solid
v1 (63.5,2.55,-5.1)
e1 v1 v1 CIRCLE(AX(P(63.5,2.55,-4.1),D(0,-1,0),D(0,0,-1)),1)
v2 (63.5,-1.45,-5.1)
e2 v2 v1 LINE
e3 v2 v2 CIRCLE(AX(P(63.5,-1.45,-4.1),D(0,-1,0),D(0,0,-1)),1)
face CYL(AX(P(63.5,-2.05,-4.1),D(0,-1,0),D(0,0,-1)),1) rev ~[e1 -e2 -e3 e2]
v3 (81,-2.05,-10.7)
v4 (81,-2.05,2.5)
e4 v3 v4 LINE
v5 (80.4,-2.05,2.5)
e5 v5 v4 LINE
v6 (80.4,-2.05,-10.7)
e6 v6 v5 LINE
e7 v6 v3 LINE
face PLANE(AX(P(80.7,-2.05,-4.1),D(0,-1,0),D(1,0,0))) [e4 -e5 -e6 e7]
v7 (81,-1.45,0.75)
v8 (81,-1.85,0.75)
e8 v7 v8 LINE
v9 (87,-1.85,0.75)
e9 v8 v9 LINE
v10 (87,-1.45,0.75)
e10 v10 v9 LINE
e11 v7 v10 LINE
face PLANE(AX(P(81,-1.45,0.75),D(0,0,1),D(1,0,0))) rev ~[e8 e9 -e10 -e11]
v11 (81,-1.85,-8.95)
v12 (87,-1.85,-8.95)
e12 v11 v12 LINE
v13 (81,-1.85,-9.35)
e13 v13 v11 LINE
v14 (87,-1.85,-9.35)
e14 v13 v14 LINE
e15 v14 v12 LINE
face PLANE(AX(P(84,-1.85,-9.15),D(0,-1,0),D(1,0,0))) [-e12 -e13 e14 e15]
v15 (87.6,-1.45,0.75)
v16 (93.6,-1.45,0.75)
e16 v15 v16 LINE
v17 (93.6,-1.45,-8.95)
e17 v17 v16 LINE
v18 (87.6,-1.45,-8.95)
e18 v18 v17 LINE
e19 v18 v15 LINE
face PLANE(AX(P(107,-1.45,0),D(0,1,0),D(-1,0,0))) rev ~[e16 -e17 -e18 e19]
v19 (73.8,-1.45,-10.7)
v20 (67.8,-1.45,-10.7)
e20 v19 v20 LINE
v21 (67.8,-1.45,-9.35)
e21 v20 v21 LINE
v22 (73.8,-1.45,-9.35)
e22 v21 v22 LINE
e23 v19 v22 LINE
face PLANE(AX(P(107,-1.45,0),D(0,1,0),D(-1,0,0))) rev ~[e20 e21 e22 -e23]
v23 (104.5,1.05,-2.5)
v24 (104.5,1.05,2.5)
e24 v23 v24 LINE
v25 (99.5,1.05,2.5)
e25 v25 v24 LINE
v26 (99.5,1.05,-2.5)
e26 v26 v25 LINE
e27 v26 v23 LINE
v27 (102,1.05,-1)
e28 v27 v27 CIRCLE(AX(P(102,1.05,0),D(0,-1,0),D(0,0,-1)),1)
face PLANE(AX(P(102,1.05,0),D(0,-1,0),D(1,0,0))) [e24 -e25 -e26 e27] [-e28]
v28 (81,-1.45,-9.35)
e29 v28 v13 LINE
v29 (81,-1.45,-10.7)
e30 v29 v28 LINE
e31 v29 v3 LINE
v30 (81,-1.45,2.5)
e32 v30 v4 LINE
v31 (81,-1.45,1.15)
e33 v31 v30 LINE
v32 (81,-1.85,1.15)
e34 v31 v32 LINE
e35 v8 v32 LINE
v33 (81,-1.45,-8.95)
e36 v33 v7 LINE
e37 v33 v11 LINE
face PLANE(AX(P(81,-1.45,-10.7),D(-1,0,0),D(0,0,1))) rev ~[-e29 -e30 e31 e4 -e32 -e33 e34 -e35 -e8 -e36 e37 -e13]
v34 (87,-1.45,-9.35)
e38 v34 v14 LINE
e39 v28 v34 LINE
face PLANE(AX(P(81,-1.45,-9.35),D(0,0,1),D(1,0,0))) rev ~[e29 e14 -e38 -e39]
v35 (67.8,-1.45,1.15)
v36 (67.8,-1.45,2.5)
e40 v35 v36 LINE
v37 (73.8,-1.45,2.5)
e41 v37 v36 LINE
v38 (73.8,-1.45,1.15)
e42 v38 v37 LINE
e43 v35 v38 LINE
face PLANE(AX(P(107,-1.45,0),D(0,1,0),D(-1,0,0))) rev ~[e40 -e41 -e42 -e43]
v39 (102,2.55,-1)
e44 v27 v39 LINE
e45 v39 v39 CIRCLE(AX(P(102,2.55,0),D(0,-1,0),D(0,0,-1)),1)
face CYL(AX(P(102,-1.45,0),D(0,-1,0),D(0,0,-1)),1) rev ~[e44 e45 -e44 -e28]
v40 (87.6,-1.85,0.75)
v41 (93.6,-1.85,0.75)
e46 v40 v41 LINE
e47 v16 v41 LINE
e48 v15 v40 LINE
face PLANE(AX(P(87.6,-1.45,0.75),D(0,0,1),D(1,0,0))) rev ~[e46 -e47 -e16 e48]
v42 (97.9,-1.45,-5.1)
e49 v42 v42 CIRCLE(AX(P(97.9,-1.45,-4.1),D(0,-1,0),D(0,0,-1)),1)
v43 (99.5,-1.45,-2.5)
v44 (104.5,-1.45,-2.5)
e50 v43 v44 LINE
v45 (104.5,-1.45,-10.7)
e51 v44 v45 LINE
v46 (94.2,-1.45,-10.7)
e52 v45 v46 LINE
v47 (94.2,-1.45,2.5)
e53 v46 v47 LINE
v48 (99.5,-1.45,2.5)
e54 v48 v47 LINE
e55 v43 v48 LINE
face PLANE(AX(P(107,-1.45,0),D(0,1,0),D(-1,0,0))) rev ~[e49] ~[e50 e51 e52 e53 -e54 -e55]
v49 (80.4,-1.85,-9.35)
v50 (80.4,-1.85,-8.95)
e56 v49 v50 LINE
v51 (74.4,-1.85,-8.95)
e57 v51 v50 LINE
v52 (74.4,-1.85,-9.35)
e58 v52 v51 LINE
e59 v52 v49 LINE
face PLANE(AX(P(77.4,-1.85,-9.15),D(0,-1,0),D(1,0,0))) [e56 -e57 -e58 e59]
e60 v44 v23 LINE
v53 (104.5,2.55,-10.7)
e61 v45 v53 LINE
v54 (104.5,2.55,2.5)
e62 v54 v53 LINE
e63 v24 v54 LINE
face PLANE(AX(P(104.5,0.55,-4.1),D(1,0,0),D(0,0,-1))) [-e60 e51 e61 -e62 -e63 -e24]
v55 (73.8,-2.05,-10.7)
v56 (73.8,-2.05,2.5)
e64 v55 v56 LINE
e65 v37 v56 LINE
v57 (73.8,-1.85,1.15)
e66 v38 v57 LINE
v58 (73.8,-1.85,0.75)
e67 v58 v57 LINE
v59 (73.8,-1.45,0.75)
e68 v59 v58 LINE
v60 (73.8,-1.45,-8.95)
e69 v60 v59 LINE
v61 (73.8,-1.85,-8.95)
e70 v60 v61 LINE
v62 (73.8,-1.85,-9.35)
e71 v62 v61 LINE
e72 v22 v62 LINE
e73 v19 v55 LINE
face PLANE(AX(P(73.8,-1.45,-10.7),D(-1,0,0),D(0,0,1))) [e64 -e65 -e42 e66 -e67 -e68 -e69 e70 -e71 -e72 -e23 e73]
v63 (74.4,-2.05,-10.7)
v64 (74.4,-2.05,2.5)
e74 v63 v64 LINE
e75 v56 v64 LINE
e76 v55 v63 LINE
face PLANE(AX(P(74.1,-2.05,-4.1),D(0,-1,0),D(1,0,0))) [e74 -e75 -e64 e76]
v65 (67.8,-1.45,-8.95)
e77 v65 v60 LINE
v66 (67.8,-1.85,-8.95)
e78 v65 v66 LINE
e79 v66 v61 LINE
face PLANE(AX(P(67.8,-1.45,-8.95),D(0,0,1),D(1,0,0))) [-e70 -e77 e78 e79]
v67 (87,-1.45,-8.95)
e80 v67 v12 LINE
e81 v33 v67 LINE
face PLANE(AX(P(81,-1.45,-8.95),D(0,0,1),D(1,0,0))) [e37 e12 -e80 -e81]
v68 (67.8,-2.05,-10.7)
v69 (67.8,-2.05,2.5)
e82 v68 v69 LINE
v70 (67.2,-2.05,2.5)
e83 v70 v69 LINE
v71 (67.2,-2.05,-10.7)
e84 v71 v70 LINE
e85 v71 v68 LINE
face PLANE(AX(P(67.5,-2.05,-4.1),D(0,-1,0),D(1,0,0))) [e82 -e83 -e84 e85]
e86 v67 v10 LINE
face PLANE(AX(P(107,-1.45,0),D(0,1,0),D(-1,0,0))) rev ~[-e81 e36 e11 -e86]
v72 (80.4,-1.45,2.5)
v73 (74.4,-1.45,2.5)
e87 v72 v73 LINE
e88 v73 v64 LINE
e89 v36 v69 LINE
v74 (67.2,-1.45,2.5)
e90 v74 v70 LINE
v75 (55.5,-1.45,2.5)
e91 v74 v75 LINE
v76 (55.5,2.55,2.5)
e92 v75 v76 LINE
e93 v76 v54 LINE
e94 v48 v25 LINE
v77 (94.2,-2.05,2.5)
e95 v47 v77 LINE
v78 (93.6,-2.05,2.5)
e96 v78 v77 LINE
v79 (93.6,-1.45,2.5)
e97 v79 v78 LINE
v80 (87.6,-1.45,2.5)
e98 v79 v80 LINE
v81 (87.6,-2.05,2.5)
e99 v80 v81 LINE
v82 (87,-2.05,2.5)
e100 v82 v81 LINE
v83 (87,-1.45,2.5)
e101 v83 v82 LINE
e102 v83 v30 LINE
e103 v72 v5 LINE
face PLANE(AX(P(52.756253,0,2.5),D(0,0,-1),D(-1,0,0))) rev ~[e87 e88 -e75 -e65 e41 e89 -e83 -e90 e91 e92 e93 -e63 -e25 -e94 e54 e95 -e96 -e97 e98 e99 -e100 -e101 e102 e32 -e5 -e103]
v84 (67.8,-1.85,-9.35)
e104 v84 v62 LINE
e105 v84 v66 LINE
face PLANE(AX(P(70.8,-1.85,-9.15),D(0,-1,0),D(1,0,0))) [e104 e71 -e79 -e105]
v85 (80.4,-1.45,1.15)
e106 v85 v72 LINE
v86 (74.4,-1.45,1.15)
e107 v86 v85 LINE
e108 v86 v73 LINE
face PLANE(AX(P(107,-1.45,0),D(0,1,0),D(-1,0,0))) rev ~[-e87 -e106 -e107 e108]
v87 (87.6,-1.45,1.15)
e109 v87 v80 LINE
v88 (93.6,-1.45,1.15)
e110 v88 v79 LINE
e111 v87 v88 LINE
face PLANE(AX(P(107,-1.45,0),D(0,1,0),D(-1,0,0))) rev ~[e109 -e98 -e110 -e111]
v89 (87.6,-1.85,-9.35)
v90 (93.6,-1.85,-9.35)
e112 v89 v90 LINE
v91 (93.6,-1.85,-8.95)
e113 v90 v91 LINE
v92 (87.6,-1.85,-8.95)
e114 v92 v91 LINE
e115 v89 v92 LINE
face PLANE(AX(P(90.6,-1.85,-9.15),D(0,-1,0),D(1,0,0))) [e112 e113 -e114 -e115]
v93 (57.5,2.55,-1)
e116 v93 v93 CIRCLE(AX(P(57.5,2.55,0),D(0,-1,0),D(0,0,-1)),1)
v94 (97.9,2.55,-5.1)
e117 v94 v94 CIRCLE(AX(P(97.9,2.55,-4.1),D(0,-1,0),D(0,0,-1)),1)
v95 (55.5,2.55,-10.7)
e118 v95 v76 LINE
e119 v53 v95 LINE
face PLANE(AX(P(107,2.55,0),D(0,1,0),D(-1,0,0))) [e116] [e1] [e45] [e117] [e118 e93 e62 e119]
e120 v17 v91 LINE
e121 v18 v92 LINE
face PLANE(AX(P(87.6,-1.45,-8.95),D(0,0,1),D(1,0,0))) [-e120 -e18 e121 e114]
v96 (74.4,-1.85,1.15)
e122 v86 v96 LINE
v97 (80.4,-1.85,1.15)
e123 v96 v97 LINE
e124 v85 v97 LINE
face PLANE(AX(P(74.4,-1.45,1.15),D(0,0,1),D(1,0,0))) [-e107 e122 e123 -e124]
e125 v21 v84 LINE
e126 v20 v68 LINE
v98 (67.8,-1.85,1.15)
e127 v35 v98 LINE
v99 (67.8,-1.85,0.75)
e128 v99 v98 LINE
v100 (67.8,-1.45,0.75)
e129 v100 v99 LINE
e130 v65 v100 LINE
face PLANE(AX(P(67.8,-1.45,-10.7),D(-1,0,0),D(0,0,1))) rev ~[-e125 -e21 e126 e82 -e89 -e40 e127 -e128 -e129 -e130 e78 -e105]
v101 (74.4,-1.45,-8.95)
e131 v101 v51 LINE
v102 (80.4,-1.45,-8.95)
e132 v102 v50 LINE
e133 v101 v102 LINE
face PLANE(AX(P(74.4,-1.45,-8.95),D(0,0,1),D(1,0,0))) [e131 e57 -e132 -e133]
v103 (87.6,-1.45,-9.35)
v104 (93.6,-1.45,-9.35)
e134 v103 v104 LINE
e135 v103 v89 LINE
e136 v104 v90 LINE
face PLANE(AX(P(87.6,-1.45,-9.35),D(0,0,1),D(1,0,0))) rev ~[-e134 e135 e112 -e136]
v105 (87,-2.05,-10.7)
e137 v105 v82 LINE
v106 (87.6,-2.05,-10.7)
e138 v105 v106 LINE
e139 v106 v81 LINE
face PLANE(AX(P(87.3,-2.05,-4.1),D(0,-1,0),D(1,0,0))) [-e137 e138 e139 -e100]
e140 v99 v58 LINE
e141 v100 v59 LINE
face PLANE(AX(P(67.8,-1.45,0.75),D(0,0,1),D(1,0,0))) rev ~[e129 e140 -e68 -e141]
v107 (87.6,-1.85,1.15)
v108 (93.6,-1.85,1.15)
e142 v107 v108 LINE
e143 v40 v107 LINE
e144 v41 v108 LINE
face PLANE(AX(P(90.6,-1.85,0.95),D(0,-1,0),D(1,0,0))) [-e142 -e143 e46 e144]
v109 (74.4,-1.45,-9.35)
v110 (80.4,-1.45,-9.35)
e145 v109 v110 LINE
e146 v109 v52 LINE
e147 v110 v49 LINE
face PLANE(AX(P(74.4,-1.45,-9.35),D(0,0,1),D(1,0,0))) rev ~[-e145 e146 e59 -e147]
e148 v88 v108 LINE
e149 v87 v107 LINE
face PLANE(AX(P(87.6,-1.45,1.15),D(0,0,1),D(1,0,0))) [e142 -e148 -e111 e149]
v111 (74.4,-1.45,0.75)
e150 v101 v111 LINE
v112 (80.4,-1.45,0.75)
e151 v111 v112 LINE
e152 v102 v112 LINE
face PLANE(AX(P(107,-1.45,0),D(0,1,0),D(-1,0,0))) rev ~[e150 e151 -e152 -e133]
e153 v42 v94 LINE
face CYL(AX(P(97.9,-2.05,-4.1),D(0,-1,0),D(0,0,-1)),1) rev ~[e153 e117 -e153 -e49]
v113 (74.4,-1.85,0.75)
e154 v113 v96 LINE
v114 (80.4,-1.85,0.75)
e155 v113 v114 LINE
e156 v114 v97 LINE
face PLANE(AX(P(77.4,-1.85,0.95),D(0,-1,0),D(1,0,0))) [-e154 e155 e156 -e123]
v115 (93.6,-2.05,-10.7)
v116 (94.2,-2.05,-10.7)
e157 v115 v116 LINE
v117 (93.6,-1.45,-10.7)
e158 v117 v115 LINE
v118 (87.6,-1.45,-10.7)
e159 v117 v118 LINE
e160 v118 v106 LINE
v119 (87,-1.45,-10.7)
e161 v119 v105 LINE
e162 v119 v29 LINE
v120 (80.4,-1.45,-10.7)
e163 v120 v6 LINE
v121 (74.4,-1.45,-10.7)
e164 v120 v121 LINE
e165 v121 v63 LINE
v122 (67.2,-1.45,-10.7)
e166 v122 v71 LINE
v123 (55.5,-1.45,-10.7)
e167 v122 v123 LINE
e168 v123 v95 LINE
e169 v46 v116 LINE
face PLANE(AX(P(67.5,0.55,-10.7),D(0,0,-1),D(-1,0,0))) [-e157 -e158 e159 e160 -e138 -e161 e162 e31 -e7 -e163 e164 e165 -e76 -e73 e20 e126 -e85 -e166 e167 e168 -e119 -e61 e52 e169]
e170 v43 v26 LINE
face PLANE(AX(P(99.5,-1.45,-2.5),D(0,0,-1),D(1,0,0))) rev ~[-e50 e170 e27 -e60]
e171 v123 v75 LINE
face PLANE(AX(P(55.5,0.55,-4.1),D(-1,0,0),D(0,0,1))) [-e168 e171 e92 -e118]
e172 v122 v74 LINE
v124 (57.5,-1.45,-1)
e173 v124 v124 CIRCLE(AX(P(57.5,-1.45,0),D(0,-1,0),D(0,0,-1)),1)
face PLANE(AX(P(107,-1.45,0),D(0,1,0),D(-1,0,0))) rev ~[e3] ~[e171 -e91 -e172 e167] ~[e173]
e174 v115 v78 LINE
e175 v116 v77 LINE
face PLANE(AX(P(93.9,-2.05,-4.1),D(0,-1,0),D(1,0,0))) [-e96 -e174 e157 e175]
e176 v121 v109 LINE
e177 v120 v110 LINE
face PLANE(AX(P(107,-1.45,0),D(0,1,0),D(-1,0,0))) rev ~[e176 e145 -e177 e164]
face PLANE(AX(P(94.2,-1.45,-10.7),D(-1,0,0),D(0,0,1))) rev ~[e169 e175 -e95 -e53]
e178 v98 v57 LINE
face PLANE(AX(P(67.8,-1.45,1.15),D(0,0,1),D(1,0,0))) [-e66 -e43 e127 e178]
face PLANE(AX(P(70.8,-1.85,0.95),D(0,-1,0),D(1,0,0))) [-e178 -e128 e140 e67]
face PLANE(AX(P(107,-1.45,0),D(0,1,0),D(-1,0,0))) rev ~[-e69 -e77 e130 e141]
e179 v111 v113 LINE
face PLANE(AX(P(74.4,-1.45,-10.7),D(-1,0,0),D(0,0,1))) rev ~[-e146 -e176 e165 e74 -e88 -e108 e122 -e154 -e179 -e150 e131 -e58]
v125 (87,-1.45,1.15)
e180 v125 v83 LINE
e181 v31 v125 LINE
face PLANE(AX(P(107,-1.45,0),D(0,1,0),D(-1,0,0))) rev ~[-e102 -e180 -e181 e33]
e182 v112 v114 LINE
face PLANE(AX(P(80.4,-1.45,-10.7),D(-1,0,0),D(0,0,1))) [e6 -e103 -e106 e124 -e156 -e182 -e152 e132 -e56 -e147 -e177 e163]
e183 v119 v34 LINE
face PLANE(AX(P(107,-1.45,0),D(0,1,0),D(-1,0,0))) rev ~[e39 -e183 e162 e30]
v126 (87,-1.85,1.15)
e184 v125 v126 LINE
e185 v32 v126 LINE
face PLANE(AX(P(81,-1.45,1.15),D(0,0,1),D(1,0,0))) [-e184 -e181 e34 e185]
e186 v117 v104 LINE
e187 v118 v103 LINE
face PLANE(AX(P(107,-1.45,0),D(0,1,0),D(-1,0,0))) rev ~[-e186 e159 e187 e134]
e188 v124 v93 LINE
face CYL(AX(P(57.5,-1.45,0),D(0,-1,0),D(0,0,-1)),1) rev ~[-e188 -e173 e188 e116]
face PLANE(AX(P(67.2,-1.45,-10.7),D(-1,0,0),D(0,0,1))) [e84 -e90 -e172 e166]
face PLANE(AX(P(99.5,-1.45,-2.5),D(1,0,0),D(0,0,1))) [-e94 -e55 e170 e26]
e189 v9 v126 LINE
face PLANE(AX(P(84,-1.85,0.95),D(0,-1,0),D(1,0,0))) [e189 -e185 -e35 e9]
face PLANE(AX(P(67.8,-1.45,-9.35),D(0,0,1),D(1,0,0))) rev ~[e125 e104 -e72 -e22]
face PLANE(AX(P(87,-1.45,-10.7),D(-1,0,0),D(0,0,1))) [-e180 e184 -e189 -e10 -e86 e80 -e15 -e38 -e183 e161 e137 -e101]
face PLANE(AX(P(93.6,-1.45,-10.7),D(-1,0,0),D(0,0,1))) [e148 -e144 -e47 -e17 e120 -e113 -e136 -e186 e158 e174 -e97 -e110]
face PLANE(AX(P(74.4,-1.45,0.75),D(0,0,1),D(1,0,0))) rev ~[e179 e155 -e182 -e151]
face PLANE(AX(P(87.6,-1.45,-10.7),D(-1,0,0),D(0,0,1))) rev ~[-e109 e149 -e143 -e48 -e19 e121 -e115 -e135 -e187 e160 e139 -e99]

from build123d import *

# Parameters (mm, degrees)
SKETCH_1_R           = 1.25
EXTRUDE_1_DEPTH      = 2.5
SKETCH_2_W           = 82
SKETCH_2_H           = 7
CUT_EXTRUDE_1_DEPTH  = 2.5
SKETCH_3_W           = 79
SKETCH_3_H           = 4
EXTRUDE_2_DEPTH      = 10.7
SKETCH_4_W           = 0.6
SKETCH_4_H           = 13.2
EXTRUDE_3_DEPTH      = 0.6
SKETCH_5_W           = 6
SKETCH_5_H           = 0.4
EXTRUDE_4_DEPTH      = 0.4
SKETCH_11_R          = 1
CUT_EXTRUDE_5_DEPTH  = 5
SKETCH_12_W          = 8
SKETCH_12_H          = 6.68793424
EXTRUDE_6_DEPTH      = 5.9
SKETCH_13_R          = 1
CUT_EXTRUDE_6_DEPTH  = 8
SKETCH_15_W          = 8
SKETCH_15_H          = 5.9
CUT_EXTRUDE_11_DEPTH = 5
CUT_EXTRUDE_12_DEPTH = 5
SKETCH_17_W          = 4.18793424
SKETCH_17_H          = 5.9
CUT_EXTRUDE_13_DEPTH = 15
SKETCH_18_W          = 13.2
SKETCH_18_H          = 4
CUT_EXTRUDE_14_DEPTH = 2.5
SKETCH_19_W          = 13.2
SKETCH_19_H          = 4
CUT_EXTRUDE_15_DEPTH = 2.5
SKETCH_21_R          = 1
CUT_EXTRUDE_16_DEPTH = 10
SKETCH_22_W          = 5
SKETCH_22_H          = 5
CUT_EXTRUDE_17_DEPTH = 2.5
SKETCH_23_W          = 13.2
SKETCH_23_H          = 4
CUT_EXTRUDE_18_DEPTH = 25
SKETCH_24_R          = 1
CUT_EXTRUDE_19_DEPTH = 25


with BuildPart() as part:
    # 스케치1 → 보스-돌출1 (new body)
    with BuildSketch(Plane.XY):
        with BuildLine():
            Line((0, 8.45), (110, 8.45))
            Line((110, 8.45), (110, -8.45))
            Line((110, -8.45), (0, -8.45))
            ThreePointArc((0, -8.45), (-8.45, 0), (0, 8.45))
        make_face()
        with Locations((-5.95, 0)):
            Circle(SKETCH_1_R, mode=Mode.SUBTRACT)
        with Locations((0, 5.95)):
            Circle(SKETCH_1_R, mode=Mode.SUBTRACT)
        with Locations((5.95, 0)):
            Circle(SKETCH_1_R, mode=Mode.SUBTRACT)
        with Locations((0, -5.95)):
            Circle(SKETCH_1_R, mode=Mode.SUBTRACT)
    extrude(amount=EXTRUDE_1_DEPTH)

    # 스케치2 → 컷-돌출1 (cut)
    with BuildSketch(Plane(origin=(0, 0, 0), x_dir=(-1, 0, 0), z_dir=(0, 0, -1))):
        with Locations((-69, -4.95)):
            Rectangle(SKETCH_2_W, SKETCH_2_H)
    extrude(amount=-CUT_EXTRUDE_1_DEPTH, mode=Mode.SUBTRACT)

    # 스케치3 → 보스-돌출2 (add)
    with BuildSketch(Plane(origin=(0, 0, 0), x_dir=(-1, 0, 0), z_dir=(0, 0, -1))):
        with Locations((-67.5, 0.55)):
            Rectangle(SKETCH_3_W, SKETCH_3_H)
    extrude(amount=EXTRUDE_2_DEPTH)

    # 스케치4 → 보스-돌출3 (add)
    with BuildSketch(Plane.XZ.offset(1.45)):
        with Locations((74.1, -4.1)):
            Rectangle(SKETCH_4_W, SKETCH_4_H)
        with Locations((67.5, -4.1)):
            Rectangle(SKETCH_4_W, SKETCH_4_H)
        with Locations((80.7, -4.1)):
            Rectangle(SKETCH_4_W, SKETCH_4_H)
        with Locations((87.3, -4.1)):
            Rectangle(SKETCH_4_W, SKETCH_4_H)
        with Locations((93.9, -4.1)):
            Rectangle(SKETCH_4_W, SKETCH_4_H)
    extrude(amount=EXTRUDE_3_DEPTH)

    # 스케치5 → 보스-돌출4 (add)
    with BuildSketch(Plane.XZ.offset(1.45)):
        with Locations((70.8, 0.95)):
            Rectangle(SKETCH_5_W, SKETCH_5_H)
        with Locations((70.8, -9.15)):
            Rectangle(SKETCH_5_W, SKETCH_5_H)
        with Locations((77.4, 0.95)):
            Rectangle(SKETCH_5_W, SKETCH_5_H)
        with Locations((77.4, -9.15)):
            Rectangle(SKETCH_5_W, SKETCH_5_H)
        with Locations((84, 0.95)):
            Rectangle(SKETCH_5_W, SKETCH_5_H)
        with Locations((84, -9.15)):
            Rectangle(SKETCH_5_W, SKETCH_5_H)
        with Locations((90.6, 0.95)):
            Rectangle(SKETCH_5_W, SKETCH_5_H)
        with Locations((90.6, -9.15)):
            Rectangle(SKETCH_5_W, SKETCH_5_H)
    extrude(amount=EXTRUDE_4_DEPTH)

    # 스케치11 → 컷-돌출5 (cut)
    with BuildSketch(Plane.XZ.offset(1.45)):
        with Locations(Location((102, 0, 0), (0, 0, 270))):
            Circle(SKETCH_11_R)
        with Locations(Location((33, 0, 0), (0, 0, 270))):
            Circle(SKETCH_11_R)
    extrude(amount=-CUT_EXTRUDE_5_DEPTH, mode=Mode.SUBTRACT)

    # 스케치12 → 보스-돌출6 (add)
    with BuildSketch(Plane(origin=(0, 2.55, 0), x_dir=(1, 0, 0), z_dir=(0, 1, 0))):
        with Locations((67.5, 3.34396712)):
            Rectangle(SKETCH_12_W, SKETCH_12_H)
    extrude(amount=EXTRUDE_6_DEPTH)

    # 스케치13 → 컷-돌출6 (cut)
    with BuildSketch(Plane(origin=(0, 0, -6.68793424), x_dir=(-1, 0, 0), z_dir=(0, 0, -1))):
        with Locations((-67.5, 4.55)):
            Circle(SKETCH_13_R)
    extrude(amount=-CUT_EXTRUDE_6_DEPTH, mode=Mode.SUBTRACT)

    # 스케치15 → 컷-돌출11 (cut)
    with BuildSketch(Plane.XY.offset(2.5)):
        with Locations((67.5, 5.5)):
            Rectangle(SKETCH_15_W, SKETCH_15_H)
    extrude(amount=-CUT_EXTRUDE_11_DEPTH, mode=Mode.SUBTRACT)

    # 스케치16 → 컷-돌출12 (cut)
    with BuildSketch(Plane(origin=(0, 0, 0), x_dir=(-1, 0, 0), z_dir=(0, 0, -1))):
        with BuildLine():
            Line((-28, -8.45), (0, -8.45))
            ThreePointArc((0, -8.45), (8.45, 0), (0, 8.45))
            Line((0, 8.45), (-63.5, 8.45))
            Line((-63.5, 8.45), (-63.5, 2.55))
            Line((-63.5, 2.55), (-28, 2.55))
            Line((-28, 2.55), (-28, -8.45))
        make_face()
        Polygon((-71.5, 2.55), (-71.5, 8.45), (-110, 8.45), (-110, -1.45), (-107, -1.45), (-107, 2.55), align=None)
    extrude(amount=-CUT_EXTRUDE_12_DEPTH, mode=Mode.SUBTRACT)

    # 스케치17 → 컷-돌출13 (cut)
    with BuildSketch(Plane.ZY.offset(-63.5)):
        with Locations((-4.59396712, 5.5)):
            Rectangle(SKETCH_17_W, SKETCH_17_H)
    extrude(amount=-CUT_EXTRUDE_13_DEPTH, mode=Mode.SUBTRACT)

    # 스케치18 → 컷-돌출14 (cut)
    with BuildSketch(Plane.ZY.offset(-28)):
        with Locations((-4.1, 0.55)):
            Rectangle(SKETCH_18_W, SKETCH_18_H)
    extrude(amount=-CUT_EXTRUDE_14_DEPTH, mode=Mode.SUBTRACT)

    # 스케치19 → 컷-돌출15 (cut)
    with BuildSketch(Plane(origin=(107, 0, 0), x_dir=(0, 0, -1), z_dir=(1, 0, 0))):
        with Locations((4.1, 0.55)):
            Rectangle(SKETCH_19_W, SKETCH_19_H)
    extrude(amount=-CUT_EXTRUDE_15_DEPTH, mode=Mode.SUBTRACT)

    # 스케치21 → 컷-돌출16 (cut)
    with BuildSketch(Plane.XZ.offset(2.05)):
        with Locations(Location((63.5, -4.1, 0), (0, 0, 270))):
            Circle(SKETCH_21_R)
        with Locations(Location((97.9, -4.1, 0), (0, 0, 270))):
            Circle(SKETCH_21_R)
    extrude(amount=-CUT_EXTRUDE_16_DEPTH, mode=Mode.SUBTRACT)

    # 스케치22 → 컷-돌출17 (cut)
    with BuildSketch(Plane.XZ.offset(1.45)):
        with Locations((102, 0)):
            Rectangle(SKETCH_22_W, SKETCH_22_H)
    extrude(amount=-CUT_EXTRUDE_17_DEPTH, mode=Mode.SUBTRACT)

    # 스케치23 → 컷-돌출18 (cut)
    with BuildSketch(Plane.ZY.offset(-30.5)):
        with Locations((-4.1, 0.55)):
            Rectangle(SKETCH_23_W, SKETCH_23_H)
    extrude(amount=-CUT_EXTRUDE_18_DEPTH, mode=Mode.SUBTRACT)

    # 스케치24 → 컷-돌출19 (cut)
    with BuildSketch(Plane.XZ.offset(1.45)):
        with Locations(Location((57.5, 0, 0), (0, 0, 270))):
            Circle(SKETCH_24_R)
    extrude(amount=-CUT_EXTRUDE_19_DEPTH, mode=Mode.SUBTRACT)


solid = part.part
